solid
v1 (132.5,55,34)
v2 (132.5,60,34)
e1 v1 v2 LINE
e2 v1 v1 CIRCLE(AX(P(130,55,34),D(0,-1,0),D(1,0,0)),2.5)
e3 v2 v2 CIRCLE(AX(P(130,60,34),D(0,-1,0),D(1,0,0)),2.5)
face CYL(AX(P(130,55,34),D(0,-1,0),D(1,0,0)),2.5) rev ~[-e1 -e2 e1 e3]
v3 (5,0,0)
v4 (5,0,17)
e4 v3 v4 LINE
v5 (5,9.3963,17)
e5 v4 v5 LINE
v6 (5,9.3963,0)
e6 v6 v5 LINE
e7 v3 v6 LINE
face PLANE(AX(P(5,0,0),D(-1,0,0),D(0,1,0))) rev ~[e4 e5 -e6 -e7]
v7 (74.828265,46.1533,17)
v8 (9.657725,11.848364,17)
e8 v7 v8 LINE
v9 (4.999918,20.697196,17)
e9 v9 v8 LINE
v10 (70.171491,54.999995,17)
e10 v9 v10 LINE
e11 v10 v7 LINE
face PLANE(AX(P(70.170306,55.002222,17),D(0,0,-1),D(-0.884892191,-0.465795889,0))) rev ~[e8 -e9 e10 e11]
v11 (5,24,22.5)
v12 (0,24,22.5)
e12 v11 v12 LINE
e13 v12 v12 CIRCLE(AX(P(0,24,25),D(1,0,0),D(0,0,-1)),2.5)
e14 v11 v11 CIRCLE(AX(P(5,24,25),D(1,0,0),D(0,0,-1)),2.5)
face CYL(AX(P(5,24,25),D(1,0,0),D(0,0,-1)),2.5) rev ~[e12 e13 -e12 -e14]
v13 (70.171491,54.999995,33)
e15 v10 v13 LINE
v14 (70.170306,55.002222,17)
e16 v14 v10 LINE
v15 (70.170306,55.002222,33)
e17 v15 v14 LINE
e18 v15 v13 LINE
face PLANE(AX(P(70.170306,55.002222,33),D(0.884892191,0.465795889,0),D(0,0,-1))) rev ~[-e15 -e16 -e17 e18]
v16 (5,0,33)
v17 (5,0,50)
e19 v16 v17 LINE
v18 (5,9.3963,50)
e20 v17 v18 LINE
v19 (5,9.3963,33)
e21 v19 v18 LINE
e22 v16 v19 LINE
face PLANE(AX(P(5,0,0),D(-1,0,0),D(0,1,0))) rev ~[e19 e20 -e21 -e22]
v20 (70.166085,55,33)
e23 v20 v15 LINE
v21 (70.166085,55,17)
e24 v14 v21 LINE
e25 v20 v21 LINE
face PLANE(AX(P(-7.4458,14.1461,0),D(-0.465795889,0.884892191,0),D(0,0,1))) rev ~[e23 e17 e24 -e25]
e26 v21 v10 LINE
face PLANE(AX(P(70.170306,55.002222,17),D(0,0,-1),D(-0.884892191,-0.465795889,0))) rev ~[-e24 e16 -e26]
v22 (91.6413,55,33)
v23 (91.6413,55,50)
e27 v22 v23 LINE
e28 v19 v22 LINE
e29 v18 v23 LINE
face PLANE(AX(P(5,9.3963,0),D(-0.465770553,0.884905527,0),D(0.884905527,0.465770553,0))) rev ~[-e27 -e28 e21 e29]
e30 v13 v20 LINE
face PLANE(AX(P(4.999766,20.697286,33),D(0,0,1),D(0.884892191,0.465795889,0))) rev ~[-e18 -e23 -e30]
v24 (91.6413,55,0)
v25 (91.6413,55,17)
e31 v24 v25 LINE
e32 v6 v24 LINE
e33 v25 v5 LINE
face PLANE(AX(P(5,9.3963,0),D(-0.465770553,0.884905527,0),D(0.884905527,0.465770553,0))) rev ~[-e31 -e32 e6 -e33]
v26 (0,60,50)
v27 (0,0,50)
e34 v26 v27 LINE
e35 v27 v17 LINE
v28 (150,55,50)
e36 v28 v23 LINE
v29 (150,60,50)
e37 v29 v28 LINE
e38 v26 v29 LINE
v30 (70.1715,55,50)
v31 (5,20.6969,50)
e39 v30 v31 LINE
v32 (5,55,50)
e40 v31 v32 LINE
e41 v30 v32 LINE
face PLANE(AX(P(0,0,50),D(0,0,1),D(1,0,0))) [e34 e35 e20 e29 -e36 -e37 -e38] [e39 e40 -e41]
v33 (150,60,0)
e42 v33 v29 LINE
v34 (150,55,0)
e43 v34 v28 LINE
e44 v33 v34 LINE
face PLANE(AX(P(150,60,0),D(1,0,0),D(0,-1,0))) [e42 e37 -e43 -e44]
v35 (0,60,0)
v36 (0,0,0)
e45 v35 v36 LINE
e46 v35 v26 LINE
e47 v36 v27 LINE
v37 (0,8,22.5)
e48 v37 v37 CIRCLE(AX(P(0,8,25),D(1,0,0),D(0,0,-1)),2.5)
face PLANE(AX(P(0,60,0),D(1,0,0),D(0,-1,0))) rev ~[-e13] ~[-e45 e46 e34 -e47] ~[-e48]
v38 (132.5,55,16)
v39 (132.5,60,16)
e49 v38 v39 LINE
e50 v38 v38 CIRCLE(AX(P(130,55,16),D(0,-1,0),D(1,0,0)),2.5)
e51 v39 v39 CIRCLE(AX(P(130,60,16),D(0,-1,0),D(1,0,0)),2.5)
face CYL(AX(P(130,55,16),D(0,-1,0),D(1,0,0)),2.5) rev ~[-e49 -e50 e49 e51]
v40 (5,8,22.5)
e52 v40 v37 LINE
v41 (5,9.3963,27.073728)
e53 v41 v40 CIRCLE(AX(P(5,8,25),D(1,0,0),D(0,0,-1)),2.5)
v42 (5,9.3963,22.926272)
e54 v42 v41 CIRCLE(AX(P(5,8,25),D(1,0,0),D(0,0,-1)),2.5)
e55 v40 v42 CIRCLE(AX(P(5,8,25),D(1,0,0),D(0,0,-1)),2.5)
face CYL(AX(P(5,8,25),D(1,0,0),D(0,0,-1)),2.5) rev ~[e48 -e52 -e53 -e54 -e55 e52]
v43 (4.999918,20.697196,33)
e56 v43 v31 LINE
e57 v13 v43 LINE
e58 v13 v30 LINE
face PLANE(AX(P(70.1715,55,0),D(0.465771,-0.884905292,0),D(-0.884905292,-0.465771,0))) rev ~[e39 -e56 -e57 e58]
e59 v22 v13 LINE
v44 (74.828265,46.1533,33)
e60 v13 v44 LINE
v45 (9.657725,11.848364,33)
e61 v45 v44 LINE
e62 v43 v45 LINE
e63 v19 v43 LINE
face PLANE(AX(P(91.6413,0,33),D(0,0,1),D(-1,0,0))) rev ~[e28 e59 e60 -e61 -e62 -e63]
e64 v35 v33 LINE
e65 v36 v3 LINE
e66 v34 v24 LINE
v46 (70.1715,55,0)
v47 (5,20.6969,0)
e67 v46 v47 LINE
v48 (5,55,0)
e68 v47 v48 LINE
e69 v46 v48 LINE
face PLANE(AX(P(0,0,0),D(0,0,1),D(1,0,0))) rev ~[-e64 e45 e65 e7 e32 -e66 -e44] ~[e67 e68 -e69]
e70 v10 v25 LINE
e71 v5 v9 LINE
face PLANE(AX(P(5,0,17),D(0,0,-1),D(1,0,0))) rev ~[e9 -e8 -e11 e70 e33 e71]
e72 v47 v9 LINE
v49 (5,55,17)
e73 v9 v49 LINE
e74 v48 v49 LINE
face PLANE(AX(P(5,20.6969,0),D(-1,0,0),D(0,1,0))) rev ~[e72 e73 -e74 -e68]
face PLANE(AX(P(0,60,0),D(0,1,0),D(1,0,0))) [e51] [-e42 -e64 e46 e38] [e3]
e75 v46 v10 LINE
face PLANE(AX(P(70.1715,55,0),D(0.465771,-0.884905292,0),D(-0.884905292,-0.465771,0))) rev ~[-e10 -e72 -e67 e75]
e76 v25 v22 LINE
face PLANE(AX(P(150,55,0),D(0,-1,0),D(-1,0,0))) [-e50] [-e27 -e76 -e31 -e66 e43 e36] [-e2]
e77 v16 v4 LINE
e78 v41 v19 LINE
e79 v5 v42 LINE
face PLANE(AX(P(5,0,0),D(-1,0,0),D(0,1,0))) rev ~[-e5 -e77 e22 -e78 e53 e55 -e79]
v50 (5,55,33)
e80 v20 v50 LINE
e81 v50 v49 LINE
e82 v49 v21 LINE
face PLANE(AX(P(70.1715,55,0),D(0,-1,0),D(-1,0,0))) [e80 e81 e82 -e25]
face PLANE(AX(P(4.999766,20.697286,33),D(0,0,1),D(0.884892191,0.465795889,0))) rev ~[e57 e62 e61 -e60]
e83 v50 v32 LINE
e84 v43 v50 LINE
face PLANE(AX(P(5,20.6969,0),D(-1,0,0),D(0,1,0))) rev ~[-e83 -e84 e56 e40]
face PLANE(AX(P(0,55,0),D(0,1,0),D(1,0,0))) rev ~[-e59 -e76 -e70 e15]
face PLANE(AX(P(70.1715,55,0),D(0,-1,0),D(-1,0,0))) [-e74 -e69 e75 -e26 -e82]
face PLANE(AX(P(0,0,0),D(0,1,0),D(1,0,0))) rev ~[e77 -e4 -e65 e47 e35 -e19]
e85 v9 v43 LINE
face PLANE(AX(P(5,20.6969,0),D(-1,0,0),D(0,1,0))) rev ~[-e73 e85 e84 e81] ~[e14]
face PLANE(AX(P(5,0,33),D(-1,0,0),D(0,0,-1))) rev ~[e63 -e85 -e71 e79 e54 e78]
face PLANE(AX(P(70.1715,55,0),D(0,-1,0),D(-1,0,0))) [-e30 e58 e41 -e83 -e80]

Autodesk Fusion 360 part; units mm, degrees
sketch "Sketch1" plane through (0, 0, 0) normal (0, 0, 1) x (1, 0, 0)
  line L0 (0, 0) -> (5, 0)
  line L1 (0, 60) -> (0, 0)
  line L2 (0, 60) -> (150, 60)
  line L3 (150, 60) -> (150, 55)
  line L4 (5, 9.3963) -> (91.6413, 55)
  line L5 (5, 9.3963) -> (91.6413, 55)
  line L6 (70.1715, 55) -> (5, 20.6969)
  line L7 (5, 0) -> (5, 9.3963)
  line L8 (5, 20.6969) -> (5, 55)
  line L9 (150, 55) -> (91.6413, 55)
  line L10 (70.1715, 55) -> (5, 55)
  dimension "d1" = 5
  dimension "d2" = 60
  dimension "d3" = 150
  dimension "d9" = 5
  dimension "d10" = 10
extrude "Extrude1" add sketch "Sketch1" along normal blind 50
sketch "Sketch2" plane through (-2.7881, 5.297, 0) normal (0.4658, -0.8849, 0) x (0, 0, -1)
  line L0 (0, 8.801) -> (0, 106.7113)
  line L1 (0, 106.7113) -> (-50, 106.7113)
  line L2 (-50, 106.7113) -> (-50, 8.801)
  line L3 (-50, 8.801) -> (0, 8.801)
  line L4 (-33, 106.7113) -> (-17, 106.7113)
  line L5 (-17, 106.7113) -> (-17, 8.801)
  line L6 (-17, 8.801) -> (-33, 8.801)
  line L7 (-33, 8.801) -> (-33, 106.7113)
  dimension "d11" = 16
sketch "Sketch3" plane through (-7.4458, 14.1461, 0) normal (-0.4658, 0.8849, 0) x (0, 0, 1)
  line L0 (0, 87.7125) -> (0, 14.0645)
  line L1 (0, 14.0645) -> (50, 14.0645)
  line L2 (50, 14.0645) -> (50, 87.7125)
  line L3 (50, 87.7125) -> (0, 87.7125)
  line L4 (33, 8.801) -> (33, 106.7113)
  line L5 (17, 106.7113) -> (17, 8.801)
extrude "Extrude2" cut sketch "Sketch3" against normal blind 10 contours L1 L3 L4 L5
sketch "Sketch5" plane through (0, 0, 0) normal (0, 1, 0) x (1, 0, 0)
  line L0 (5, -17) -> (91.6413, -17)
  line L1 (91.6413, -17) -> (91.6413, -33)
  line L2 (91.6413, -33) -> (5, -33)
  line L3 (5, -33) -> (5, -17)
  line L4 (5, 0) -> (5, -50)
  line L5 (91.6413, 0) -> (91.6413, -50)
  dimension "d17" = 16
  dimension "d18" = 5
extrude "Extrude3" cut sketch "Sketch5" along normal blind 55
sketch "Sketch4" plane through (5, 0, 0) normal (1, 0, 0) x (0, 0, -1)
  line L0 (0, 0) -> (0, 9.3963)
  line L1 (0, 55) -> (-50, 55)
  line L2 (-50, 55) -> (-50, 20.6969)
  line L3 (-50, 20.6969) -> (-33, 20.6969)
  line L4 (-17, 20.6969) -> (0, 20.6969)
  circle A0 centre (-25, 8) radius 2.5
  circle A1 centre (-25, 24) radius 2.5
  line L5 (-50, 0) -> (0, 0)
  line L6 (0, 9.3963) -> (-17, 9.3963)
  line L7 (-17, 9.3963) -> (-17, 20.6969)
  line L8 (-33, 20.6969) -> (-33, 9.3963)
  line L9 (-33, 9.3963) -> (-50, 9.3963)
  line L10 (-50, 9.3963) -> (-50, 0)
  line L11 (0, 20.6969) -> (0, 55)
  dimension "d14" = 5
  dimension "d22" = 5
  dimension "d23" = 16
extrude "Extrude4" cut sketch "Sketch4" against normal blind 10 contours A0 | A1
sketch "Sketch6" plane through (0, 55, 0) normal (0, -1, 0) x (1, 0, 0)
  line L0 (91.6413, 0) -> (150, 0)
  line L1 (150, 0) -> (150, 50)
  line L2 (150, 50) -> (91.6413, 50)
  line L3 (91.6413, 50) -> (91.6413, 33)
  circle A0 centre (130, 34) radius 2.5
  circle A1 centre (130, 16) radius 2.5
  line L4 (91.6413, 33) -> (70.1715, 33)
  line L5 (70.1715, 33) -> (70.1715, 50)
  line L6 (70.1715, 50) -> (5, 50)
  line L7 (5, 50) -> (5, 0)
  line L8 (5, 0) -> (70.1715, 0)
  line L9 (70.1715, 0) -> (70.1715, 17)
  line L10 (70.1715, 17) -> (91.6413, 17)
  line L11 (91.6413, 17) -> (91.6413, 0)
  dimension "d26" = 5
  dimension "d27" = 20
  dimension "d29" = 5
  dimension "d32" = 16
  dimension "d33" = 16
extrude "Extrude5" cut sketch "Sketch6" against normal blind 10 contours A0 | A1
